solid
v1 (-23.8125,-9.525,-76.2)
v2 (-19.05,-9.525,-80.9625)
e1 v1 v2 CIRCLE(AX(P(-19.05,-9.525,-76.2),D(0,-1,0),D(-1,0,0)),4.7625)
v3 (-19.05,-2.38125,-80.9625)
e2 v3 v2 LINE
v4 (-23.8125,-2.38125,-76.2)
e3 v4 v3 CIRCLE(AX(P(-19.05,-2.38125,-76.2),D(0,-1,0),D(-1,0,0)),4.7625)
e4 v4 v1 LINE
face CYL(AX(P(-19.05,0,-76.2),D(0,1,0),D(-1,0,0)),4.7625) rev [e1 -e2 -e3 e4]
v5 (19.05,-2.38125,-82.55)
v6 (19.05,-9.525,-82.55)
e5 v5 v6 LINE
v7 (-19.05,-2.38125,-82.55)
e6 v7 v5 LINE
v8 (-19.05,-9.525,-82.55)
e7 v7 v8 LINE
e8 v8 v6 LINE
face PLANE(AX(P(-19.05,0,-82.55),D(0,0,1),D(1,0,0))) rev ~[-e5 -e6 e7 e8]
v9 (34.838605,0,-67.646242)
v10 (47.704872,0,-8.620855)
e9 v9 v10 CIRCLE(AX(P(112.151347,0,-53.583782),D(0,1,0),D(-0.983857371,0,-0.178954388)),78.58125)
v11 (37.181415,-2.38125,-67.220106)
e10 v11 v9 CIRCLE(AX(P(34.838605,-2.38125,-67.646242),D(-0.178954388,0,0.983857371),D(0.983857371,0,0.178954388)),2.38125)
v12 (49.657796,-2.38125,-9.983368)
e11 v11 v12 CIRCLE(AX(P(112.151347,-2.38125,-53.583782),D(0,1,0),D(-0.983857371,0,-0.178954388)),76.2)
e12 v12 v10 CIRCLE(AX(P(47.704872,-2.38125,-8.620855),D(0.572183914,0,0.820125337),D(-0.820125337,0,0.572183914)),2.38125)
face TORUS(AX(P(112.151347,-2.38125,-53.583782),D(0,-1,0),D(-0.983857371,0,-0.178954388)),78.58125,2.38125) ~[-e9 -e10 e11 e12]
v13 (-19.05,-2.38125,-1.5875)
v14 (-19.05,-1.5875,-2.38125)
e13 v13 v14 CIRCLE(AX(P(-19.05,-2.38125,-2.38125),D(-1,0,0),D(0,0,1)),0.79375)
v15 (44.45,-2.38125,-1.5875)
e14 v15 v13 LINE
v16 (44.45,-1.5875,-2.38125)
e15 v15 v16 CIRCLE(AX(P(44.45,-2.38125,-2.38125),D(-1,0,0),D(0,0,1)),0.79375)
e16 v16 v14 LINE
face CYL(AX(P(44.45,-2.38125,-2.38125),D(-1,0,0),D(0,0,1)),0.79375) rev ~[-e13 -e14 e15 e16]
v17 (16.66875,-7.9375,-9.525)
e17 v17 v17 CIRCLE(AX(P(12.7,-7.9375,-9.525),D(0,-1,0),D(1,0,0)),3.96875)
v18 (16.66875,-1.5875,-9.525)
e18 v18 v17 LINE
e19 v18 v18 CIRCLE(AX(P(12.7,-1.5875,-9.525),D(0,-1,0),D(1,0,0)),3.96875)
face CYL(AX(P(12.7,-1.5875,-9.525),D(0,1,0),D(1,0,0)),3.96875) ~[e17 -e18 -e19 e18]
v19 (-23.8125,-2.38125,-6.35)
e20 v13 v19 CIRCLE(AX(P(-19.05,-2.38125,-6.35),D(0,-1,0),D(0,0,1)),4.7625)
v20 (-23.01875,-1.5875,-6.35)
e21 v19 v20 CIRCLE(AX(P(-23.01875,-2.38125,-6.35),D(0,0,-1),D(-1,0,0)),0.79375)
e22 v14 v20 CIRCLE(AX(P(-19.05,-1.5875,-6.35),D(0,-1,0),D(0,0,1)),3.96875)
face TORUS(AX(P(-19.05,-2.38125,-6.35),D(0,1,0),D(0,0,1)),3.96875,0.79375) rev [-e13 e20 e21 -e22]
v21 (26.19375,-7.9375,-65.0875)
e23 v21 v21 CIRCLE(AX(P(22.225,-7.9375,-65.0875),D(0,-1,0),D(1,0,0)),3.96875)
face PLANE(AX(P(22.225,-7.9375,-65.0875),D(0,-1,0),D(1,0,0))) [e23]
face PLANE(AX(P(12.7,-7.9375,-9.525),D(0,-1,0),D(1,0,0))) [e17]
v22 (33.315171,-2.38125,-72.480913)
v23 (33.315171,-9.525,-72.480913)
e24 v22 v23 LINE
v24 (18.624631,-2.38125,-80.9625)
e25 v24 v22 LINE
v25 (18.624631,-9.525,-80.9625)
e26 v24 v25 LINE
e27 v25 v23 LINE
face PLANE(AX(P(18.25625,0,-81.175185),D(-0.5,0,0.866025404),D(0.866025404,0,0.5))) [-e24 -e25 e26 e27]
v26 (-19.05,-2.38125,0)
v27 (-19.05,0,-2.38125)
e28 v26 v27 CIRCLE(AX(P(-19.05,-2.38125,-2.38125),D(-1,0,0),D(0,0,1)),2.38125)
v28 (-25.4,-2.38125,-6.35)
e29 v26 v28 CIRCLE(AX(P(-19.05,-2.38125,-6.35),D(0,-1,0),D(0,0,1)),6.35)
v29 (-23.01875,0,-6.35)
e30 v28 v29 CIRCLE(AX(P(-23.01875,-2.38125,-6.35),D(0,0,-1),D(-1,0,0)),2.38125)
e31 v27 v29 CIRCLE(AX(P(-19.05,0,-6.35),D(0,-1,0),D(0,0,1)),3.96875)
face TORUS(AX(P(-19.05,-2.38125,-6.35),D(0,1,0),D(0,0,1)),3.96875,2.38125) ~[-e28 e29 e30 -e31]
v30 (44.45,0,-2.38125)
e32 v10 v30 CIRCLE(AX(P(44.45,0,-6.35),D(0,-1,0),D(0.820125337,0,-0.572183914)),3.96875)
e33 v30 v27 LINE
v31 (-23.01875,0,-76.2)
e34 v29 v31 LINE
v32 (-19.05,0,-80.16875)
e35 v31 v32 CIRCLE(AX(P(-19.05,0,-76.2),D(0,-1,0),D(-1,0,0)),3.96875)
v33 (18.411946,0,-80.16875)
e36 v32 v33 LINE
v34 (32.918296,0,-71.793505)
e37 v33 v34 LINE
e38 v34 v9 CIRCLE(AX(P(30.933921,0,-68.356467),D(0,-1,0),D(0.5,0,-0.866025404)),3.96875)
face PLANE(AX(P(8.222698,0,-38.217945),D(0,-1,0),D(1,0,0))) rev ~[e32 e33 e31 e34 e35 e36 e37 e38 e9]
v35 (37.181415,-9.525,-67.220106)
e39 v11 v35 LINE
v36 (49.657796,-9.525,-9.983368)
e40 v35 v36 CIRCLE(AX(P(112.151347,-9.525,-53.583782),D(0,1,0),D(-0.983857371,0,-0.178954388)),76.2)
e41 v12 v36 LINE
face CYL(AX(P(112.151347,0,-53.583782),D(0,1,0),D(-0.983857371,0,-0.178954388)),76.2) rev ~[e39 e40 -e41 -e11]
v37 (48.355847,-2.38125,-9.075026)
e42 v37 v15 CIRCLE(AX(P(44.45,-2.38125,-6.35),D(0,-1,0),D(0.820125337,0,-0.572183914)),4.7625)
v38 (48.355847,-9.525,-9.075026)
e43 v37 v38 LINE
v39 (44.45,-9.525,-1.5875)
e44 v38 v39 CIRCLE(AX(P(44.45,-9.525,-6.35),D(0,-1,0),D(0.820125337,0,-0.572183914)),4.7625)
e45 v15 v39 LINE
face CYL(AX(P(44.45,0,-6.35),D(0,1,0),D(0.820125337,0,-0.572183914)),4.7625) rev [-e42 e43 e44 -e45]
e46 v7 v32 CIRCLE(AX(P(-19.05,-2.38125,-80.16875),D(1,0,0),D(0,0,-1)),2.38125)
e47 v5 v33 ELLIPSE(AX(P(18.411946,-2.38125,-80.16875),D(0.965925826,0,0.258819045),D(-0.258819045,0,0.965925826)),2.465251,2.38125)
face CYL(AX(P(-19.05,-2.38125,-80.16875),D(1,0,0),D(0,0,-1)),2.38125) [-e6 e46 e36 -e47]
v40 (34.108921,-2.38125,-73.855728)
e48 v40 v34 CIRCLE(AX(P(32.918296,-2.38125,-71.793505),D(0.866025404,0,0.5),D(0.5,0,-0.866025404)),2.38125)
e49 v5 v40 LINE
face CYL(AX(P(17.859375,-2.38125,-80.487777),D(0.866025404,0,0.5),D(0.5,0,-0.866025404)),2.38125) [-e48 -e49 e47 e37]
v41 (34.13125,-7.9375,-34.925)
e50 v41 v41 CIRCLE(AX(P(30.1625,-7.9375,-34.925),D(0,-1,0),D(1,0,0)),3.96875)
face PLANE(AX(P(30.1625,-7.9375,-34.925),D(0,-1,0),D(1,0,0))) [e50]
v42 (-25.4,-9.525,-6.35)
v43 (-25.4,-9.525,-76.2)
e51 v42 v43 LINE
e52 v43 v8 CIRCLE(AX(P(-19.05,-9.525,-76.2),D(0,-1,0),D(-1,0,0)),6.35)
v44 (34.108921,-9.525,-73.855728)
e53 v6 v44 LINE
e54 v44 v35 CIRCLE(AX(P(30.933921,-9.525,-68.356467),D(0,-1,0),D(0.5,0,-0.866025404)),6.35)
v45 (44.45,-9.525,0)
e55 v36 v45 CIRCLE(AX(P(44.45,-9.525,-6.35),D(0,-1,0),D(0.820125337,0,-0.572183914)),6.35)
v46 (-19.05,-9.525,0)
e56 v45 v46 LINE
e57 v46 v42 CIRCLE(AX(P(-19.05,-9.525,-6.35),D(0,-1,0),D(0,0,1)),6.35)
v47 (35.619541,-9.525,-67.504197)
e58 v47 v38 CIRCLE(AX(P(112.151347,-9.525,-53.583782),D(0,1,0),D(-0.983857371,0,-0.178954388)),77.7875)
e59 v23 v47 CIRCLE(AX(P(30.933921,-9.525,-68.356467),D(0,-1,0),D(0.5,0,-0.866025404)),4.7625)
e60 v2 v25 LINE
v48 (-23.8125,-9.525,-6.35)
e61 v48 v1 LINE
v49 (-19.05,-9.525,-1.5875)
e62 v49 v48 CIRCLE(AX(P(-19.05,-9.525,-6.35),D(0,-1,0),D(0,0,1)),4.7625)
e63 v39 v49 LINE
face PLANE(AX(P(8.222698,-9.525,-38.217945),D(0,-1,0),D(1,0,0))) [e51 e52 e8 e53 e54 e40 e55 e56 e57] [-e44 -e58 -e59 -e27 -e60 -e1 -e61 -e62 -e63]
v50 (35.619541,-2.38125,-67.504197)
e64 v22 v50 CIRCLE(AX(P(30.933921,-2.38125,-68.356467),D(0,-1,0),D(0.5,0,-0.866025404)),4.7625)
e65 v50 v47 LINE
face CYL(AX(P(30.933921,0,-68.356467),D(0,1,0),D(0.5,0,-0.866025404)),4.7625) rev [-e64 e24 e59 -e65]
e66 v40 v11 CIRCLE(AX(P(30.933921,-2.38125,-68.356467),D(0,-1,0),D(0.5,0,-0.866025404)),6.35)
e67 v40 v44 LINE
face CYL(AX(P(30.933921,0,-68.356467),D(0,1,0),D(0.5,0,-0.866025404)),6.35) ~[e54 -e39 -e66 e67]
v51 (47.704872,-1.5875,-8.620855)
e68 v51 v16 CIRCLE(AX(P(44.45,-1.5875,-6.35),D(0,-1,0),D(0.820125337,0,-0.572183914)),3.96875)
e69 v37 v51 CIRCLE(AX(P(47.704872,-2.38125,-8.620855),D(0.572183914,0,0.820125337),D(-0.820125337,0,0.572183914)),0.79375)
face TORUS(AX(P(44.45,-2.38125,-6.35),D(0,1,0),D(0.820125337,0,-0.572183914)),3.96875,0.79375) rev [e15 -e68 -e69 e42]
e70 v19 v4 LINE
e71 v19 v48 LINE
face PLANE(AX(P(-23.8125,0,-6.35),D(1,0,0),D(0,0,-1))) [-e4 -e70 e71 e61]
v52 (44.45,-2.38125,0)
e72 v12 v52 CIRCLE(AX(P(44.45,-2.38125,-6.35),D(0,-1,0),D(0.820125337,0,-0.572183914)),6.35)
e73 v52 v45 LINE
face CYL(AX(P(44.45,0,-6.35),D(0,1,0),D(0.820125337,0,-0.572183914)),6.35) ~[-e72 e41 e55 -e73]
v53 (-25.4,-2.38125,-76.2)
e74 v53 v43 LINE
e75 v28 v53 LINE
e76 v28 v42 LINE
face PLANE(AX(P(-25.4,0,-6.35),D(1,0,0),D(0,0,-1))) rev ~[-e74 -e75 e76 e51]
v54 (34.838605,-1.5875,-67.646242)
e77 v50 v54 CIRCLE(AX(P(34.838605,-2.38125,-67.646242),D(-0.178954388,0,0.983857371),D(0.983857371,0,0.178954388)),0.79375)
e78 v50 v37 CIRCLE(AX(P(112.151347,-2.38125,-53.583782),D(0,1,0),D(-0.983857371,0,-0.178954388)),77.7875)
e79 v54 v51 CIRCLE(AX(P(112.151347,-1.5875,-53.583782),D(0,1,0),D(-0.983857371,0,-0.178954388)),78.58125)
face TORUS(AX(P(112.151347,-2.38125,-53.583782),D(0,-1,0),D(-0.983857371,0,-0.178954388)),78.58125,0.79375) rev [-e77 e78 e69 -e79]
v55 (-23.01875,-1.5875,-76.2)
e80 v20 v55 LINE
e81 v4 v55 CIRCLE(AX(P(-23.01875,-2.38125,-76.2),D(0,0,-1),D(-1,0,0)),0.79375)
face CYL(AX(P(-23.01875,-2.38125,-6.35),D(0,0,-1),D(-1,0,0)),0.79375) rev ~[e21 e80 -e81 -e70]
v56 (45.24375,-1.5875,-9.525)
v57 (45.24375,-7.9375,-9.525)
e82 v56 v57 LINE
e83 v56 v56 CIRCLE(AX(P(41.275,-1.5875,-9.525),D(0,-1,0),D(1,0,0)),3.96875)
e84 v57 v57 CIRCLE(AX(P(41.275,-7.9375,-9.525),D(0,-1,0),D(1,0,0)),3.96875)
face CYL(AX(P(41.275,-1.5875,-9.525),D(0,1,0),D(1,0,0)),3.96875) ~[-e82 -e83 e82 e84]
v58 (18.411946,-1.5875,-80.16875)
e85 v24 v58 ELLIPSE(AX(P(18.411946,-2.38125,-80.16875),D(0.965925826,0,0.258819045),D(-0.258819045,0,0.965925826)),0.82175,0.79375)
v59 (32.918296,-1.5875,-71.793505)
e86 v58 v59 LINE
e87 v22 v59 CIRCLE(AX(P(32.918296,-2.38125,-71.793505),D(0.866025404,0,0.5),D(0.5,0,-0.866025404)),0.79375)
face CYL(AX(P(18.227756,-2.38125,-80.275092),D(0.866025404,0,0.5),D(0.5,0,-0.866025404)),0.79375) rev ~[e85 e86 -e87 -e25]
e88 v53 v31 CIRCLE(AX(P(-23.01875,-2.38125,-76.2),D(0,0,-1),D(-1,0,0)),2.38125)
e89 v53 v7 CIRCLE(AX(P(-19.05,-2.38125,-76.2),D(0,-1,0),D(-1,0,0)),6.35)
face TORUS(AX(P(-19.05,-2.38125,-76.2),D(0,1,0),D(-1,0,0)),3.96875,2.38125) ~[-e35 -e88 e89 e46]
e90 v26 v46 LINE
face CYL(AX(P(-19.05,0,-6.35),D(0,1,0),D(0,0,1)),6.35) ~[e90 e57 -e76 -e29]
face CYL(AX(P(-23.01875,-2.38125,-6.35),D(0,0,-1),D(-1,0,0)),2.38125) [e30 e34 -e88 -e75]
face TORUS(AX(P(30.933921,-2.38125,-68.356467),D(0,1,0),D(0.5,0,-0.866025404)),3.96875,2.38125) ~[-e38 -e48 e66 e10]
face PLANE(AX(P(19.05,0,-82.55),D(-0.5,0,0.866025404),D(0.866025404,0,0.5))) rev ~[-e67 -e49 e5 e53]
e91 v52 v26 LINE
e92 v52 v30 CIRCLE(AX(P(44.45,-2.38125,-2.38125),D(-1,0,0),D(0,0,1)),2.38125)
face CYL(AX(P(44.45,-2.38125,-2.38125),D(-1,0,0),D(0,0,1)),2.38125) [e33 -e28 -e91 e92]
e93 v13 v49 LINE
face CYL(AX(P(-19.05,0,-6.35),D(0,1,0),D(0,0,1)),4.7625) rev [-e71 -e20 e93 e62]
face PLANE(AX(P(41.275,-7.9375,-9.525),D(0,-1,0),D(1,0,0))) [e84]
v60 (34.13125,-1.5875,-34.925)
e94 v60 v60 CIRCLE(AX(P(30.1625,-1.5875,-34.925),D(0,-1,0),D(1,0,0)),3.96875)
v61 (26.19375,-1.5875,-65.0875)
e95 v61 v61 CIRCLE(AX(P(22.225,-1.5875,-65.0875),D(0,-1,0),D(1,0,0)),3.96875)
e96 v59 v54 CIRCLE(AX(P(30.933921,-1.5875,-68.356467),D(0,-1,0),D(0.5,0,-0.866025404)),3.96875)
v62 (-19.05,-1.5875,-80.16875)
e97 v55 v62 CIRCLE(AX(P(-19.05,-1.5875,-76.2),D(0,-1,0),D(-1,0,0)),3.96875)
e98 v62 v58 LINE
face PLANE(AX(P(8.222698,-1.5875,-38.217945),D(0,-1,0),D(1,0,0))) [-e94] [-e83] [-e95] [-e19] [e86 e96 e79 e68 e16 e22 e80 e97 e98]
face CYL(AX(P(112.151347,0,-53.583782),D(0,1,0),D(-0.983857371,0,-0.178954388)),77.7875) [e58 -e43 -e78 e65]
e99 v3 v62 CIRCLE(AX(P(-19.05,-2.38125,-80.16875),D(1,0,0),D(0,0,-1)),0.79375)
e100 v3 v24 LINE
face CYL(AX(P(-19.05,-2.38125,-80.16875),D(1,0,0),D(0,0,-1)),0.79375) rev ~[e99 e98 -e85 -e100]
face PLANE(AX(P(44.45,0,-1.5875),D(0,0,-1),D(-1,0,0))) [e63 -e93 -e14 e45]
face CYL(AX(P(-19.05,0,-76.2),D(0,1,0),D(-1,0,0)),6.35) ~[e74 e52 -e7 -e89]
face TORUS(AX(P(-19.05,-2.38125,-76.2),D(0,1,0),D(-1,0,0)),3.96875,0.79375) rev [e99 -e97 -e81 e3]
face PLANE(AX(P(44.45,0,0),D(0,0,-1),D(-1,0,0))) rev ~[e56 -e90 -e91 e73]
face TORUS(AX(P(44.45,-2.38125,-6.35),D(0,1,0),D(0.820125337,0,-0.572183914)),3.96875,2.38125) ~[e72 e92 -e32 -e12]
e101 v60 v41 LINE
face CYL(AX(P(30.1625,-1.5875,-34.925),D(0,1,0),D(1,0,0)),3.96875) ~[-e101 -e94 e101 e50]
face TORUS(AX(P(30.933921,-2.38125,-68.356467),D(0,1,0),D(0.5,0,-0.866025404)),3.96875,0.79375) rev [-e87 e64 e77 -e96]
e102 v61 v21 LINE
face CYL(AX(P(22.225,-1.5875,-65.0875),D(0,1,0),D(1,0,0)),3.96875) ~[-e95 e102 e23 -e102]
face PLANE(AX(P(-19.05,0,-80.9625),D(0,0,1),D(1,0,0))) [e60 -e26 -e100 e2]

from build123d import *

# Parameters (mm, degrees)
F1_DEPTH = 9.525
F2_T     = -1.5875
F3_R     = 3.96875
F4_DEPTH = 6.35
F5_R     = 0.79375
F6_R     = 2.38125


with BuildPart() as f1:
    # F0 (on Front) → F1 (new body)
    with BuildSketch(Plane.XZ):
        with BuildLine():
            Line((44.45, 0), (-19.05, 0))
            ThreePointArc((-19.05, 0), (-23.5401280605, -1.8598719395), (-25.4, -6.35))
            Line((-25.4, -6.35), (-25.4, -76.2))
            ThreePointArc((-25.4, -76.2), (-23.5401280605, -80.6901280605), (-19.05, -82.55))
            Line((-19.05, -82.55), (19.05, -82.55))
            Line((19.05, -82.55), (34.1089205608, -73.8557281605))
            ThreePointArc((34.1089205608, -73.8557281605), (36.6961873461, -71.0245713224), (37.1814148685, -67.2201064833))
            ThreePointArc((37.1814148685, -67.2201064833), (37.6995950161, -37.3548976318), (49.6577958893, -9.9833678558))
            ThreePointArc((49.6577958893, -9.9833678558), (50.0800260161, -3.4131126923), (44.45, 0))
        make_face()
    extrude(amount=F1_DEPTH)

    # F2
    f2_openings = [f1.faces().sort_by_distance(p)[0] for p in [
        (7.276457, -9.525, -39.048077),
    ]]
    offset(amount=F2_T, openings=f2_openings)

    # F3 (on face) → F4 (join)
    with BuildSketch(Plane.XZ.offset(1.5875)):
        with Locations((41.275, -9.525)):
            Circle(F3_R)
        with Locations((12.7, -9.525)):
            Circle(F3_R)
        with Locations((30.1625, -34.925)):
            Circle(F3_R)
        with Locations((22.225, -65.0875)):
            Circle(F3_R)
    extrude(amount=F4_DEPTH)

    # F5
    f5_edges = [f1.edges().sort_by_distance(p)[0] for p in [
        (-23.8125, -1.5875, -41.275),
    ]]
    fillet(f5_edges, radius=F5_R)

    # F6
    f6_edges = [f1.edges().sort_by_distance(p)[0] for p in [
        (37.699595, 0, -37.354898),
    ]]
    fillet(f6_edges, radius=F6_R)


solid = f1.part
